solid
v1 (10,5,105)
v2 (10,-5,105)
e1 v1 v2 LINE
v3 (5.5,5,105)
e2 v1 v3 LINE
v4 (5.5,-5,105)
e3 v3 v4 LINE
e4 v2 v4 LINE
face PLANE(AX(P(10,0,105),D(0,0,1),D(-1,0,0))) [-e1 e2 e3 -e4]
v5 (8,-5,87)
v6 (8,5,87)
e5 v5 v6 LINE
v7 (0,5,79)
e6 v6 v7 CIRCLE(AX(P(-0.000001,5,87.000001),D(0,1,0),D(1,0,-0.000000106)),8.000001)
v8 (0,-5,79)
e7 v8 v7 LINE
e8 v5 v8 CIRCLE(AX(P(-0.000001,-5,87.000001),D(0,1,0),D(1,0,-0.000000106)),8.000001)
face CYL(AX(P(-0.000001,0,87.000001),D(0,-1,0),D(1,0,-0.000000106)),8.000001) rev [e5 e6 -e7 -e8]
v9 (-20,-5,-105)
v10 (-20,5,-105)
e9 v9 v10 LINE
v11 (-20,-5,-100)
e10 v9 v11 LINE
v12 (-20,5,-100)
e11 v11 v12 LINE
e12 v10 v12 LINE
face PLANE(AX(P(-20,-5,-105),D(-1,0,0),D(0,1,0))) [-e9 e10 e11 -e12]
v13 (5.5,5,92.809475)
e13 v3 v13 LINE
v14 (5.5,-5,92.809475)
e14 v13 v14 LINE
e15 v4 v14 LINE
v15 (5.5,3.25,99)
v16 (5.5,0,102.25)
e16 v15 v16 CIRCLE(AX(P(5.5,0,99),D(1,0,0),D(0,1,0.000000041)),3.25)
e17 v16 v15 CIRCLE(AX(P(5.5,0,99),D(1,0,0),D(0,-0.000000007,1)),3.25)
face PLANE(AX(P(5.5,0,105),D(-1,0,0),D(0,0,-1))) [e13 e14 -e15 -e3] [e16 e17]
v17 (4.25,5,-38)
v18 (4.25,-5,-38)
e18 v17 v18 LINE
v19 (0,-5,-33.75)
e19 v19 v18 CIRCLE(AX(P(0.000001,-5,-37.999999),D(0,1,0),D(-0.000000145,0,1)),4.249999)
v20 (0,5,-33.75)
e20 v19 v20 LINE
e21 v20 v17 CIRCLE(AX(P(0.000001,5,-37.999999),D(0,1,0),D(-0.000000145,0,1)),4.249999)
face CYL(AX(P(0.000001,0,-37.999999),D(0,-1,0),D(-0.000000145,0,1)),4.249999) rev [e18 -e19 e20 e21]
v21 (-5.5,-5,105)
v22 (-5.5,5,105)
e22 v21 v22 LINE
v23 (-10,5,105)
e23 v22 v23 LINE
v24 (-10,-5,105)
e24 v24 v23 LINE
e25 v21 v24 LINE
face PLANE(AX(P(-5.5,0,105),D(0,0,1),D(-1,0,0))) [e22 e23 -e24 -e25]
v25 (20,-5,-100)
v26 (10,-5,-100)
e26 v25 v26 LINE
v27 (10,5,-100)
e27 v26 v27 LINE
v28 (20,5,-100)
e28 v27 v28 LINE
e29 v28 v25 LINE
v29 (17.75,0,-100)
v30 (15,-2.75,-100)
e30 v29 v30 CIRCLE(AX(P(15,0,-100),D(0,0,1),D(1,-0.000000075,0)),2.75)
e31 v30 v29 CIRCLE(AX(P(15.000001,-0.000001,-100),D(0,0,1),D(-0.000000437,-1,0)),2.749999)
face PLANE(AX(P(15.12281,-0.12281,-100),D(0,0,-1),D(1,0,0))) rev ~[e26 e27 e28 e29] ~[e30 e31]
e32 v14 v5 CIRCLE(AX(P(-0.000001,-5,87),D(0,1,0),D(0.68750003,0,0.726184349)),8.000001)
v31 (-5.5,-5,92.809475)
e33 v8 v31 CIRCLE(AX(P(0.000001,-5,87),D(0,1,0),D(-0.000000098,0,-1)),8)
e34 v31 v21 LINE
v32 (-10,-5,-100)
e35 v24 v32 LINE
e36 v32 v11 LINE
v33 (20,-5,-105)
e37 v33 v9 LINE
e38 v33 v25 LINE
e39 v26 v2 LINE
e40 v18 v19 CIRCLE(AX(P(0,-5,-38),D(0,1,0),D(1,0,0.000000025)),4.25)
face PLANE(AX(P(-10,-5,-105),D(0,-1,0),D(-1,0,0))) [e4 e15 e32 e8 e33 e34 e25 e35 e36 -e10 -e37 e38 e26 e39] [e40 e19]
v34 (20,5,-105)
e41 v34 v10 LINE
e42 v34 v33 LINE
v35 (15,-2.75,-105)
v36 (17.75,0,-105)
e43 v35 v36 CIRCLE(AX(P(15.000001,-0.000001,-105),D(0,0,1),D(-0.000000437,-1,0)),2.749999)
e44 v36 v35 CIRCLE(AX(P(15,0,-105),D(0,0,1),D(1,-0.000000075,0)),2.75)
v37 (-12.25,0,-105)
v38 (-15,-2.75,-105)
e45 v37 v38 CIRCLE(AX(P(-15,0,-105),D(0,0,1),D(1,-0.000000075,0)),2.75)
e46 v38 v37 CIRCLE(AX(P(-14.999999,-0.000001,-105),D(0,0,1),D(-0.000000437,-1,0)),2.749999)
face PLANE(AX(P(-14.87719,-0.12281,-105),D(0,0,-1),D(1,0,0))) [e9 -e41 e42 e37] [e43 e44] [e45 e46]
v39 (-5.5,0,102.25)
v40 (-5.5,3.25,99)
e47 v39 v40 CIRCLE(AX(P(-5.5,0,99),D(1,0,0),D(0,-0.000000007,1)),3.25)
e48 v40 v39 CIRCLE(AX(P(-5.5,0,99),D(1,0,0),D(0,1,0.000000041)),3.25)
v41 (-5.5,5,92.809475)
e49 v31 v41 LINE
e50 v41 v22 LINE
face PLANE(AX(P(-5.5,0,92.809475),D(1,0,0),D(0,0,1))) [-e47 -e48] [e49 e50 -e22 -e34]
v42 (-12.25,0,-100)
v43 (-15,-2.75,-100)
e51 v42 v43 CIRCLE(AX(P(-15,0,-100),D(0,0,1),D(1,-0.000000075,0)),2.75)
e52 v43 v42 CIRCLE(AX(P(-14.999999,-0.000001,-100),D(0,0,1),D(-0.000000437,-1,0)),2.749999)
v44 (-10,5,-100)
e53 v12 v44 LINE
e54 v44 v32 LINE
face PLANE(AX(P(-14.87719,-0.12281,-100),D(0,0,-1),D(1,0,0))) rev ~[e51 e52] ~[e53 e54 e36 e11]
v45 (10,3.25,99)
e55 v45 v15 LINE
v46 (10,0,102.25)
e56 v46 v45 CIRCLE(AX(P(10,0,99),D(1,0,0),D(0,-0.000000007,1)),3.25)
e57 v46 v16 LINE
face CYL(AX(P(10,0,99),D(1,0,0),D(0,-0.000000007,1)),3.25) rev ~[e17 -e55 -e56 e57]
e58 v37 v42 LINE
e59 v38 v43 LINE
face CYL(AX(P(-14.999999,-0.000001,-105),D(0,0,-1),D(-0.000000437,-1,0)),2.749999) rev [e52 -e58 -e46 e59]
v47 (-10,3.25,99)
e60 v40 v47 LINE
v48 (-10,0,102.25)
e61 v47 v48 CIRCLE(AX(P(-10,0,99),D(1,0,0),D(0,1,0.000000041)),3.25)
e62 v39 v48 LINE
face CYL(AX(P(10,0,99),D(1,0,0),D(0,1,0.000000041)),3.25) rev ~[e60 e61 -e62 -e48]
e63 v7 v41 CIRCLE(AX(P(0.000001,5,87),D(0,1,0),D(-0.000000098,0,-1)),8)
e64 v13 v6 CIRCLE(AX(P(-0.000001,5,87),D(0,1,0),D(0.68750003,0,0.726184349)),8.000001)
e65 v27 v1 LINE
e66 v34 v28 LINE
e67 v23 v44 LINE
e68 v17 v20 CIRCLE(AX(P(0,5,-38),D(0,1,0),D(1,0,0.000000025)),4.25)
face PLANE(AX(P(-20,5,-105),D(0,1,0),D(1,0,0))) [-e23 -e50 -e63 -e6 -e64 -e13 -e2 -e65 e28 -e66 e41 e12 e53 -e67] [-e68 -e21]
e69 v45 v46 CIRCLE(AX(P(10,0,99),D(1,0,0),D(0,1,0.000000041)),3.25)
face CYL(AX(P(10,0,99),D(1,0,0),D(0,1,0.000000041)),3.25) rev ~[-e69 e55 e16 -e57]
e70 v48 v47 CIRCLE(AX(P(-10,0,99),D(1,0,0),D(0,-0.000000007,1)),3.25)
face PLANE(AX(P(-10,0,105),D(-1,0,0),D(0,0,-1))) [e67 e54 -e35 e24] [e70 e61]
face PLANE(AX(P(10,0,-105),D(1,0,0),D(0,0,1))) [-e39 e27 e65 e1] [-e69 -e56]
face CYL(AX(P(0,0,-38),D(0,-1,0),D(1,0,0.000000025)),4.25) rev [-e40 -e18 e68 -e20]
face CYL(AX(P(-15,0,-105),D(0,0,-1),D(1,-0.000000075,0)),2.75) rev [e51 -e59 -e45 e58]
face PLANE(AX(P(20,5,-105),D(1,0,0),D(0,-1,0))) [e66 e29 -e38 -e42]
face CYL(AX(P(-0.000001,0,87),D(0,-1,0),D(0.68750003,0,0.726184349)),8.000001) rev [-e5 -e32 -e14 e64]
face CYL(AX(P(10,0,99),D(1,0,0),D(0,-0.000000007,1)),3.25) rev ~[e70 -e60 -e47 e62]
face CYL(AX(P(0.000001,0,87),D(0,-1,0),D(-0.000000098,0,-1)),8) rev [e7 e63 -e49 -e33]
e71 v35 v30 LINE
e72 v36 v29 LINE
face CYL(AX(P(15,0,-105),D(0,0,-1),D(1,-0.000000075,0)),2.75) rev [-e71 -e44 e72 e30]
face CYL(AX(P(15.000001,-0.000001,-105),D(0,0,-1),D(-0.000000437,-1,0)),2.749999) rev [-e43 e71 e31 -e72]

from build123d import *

# Parameters (mm, degrees)
F1_DEPTH = 5
F3_DEPTH = 25
F5_DEPTH = 5


with BuildPart() as f1:
    # F0 (on Front) → F1 (new body, symmetric)
    with BuildSketch(Plane.XZ):
        with BuildLine():
            Line((-10, 105), (-10, -105))
            Line((-10, -105), (10, -105))
            Line((10, -105), (10, 105))
            Line((10, 105), (5.5, 105))
            Line((5.5, 105), (5.5, 92.809475))
            ThreePointArc((5.5, 92.809475), (7.348469, 90.162278), (8, 87))
            ThreePointArc((8, 87), (5.656854, 81.343146), (0, 79))
            ThreePointArc((0, 79), (-7.43222, 84.039916), (-5.5, 92.809475))
            Line((-5.5, 92.809475), (-5.5, 105))
            Line((-5.5, 105), (-10, 105))
        make_face()
        with BuildLine():
            ThreePointArc((4.25, -38), (-3.005204, -41.005204), (0, -33.75))
            ThreePointArc((0, -33.75), (3.005204, -34.994796), (4.25, -38))
        make_face(mode=Mode.SUBTRACT)
    extrude(amount=F1_DEPTH, both=True)

    # F2 (on face) → F3 (cut)
    with BuildSketch(Plane.YZ.offset(10)):
        with BuildLine():
            ThreePointArc((0, 102.25), (-2.298097, 96.701903), (3.25, 99))
            ThreePointArc((3.25, 99), (2.298097, 101.298097), (0, 102.25))
        make_face()
    extrude(amount=-F3_DEPTH, mode=Mode.SUBTRACT)

    # F4 (on face) → F5 (join)
    with BuildSketch(Plane(origin=(0, 0, -105), x_dir=(1, 0, 0), z_dir=(0, 0, -1))):
        with BuildLine():
            ThreePointArc((-12.25, 0), (-13.055456, 1.944544), (-15, 2.75))
            ThreePointArc((-15, 2.75), (-16.944544, -1.944544), (-12.25, 0))
        make_face()
        Polygon((-10, -5), (-10, 5), (-15, 5), (-20, 5), (-20, -5), align=None)
        with BuildLine():
            ThreePointArc((-12.25, 0), (-16.944544, -1.944544), (-15, 2.75))
            ThreePointArc((-15, 2.75), (-13.055456, 1.944544), (-12.25, 0))
        make_face(mode=Mode.SUBTRACT)
        with BuildLine():
            ThreePointArc((17.75, 0), (16.944544, 1.944544), (15, 2.75))
            ThreePointArc((15, 2.75), (13.055456, -1.944544), (17.75, 0))
        make_face()
        Polygon((15, 5), (10, 5), (10, -5), (20, -5), (20, 5), align=None)
        with BuildLine():
            ThreePointArc((17.75, 0), (13.055456, -1.944544), (15, 2.75))
            ThreePointArc((15, 2.75), (16.944544, 1.944544), (17.75, 0))
        make_face(mode=Mode.SUBTRACT)
    extrude(amount=-F5_DEPTH)


solid = f1.part
